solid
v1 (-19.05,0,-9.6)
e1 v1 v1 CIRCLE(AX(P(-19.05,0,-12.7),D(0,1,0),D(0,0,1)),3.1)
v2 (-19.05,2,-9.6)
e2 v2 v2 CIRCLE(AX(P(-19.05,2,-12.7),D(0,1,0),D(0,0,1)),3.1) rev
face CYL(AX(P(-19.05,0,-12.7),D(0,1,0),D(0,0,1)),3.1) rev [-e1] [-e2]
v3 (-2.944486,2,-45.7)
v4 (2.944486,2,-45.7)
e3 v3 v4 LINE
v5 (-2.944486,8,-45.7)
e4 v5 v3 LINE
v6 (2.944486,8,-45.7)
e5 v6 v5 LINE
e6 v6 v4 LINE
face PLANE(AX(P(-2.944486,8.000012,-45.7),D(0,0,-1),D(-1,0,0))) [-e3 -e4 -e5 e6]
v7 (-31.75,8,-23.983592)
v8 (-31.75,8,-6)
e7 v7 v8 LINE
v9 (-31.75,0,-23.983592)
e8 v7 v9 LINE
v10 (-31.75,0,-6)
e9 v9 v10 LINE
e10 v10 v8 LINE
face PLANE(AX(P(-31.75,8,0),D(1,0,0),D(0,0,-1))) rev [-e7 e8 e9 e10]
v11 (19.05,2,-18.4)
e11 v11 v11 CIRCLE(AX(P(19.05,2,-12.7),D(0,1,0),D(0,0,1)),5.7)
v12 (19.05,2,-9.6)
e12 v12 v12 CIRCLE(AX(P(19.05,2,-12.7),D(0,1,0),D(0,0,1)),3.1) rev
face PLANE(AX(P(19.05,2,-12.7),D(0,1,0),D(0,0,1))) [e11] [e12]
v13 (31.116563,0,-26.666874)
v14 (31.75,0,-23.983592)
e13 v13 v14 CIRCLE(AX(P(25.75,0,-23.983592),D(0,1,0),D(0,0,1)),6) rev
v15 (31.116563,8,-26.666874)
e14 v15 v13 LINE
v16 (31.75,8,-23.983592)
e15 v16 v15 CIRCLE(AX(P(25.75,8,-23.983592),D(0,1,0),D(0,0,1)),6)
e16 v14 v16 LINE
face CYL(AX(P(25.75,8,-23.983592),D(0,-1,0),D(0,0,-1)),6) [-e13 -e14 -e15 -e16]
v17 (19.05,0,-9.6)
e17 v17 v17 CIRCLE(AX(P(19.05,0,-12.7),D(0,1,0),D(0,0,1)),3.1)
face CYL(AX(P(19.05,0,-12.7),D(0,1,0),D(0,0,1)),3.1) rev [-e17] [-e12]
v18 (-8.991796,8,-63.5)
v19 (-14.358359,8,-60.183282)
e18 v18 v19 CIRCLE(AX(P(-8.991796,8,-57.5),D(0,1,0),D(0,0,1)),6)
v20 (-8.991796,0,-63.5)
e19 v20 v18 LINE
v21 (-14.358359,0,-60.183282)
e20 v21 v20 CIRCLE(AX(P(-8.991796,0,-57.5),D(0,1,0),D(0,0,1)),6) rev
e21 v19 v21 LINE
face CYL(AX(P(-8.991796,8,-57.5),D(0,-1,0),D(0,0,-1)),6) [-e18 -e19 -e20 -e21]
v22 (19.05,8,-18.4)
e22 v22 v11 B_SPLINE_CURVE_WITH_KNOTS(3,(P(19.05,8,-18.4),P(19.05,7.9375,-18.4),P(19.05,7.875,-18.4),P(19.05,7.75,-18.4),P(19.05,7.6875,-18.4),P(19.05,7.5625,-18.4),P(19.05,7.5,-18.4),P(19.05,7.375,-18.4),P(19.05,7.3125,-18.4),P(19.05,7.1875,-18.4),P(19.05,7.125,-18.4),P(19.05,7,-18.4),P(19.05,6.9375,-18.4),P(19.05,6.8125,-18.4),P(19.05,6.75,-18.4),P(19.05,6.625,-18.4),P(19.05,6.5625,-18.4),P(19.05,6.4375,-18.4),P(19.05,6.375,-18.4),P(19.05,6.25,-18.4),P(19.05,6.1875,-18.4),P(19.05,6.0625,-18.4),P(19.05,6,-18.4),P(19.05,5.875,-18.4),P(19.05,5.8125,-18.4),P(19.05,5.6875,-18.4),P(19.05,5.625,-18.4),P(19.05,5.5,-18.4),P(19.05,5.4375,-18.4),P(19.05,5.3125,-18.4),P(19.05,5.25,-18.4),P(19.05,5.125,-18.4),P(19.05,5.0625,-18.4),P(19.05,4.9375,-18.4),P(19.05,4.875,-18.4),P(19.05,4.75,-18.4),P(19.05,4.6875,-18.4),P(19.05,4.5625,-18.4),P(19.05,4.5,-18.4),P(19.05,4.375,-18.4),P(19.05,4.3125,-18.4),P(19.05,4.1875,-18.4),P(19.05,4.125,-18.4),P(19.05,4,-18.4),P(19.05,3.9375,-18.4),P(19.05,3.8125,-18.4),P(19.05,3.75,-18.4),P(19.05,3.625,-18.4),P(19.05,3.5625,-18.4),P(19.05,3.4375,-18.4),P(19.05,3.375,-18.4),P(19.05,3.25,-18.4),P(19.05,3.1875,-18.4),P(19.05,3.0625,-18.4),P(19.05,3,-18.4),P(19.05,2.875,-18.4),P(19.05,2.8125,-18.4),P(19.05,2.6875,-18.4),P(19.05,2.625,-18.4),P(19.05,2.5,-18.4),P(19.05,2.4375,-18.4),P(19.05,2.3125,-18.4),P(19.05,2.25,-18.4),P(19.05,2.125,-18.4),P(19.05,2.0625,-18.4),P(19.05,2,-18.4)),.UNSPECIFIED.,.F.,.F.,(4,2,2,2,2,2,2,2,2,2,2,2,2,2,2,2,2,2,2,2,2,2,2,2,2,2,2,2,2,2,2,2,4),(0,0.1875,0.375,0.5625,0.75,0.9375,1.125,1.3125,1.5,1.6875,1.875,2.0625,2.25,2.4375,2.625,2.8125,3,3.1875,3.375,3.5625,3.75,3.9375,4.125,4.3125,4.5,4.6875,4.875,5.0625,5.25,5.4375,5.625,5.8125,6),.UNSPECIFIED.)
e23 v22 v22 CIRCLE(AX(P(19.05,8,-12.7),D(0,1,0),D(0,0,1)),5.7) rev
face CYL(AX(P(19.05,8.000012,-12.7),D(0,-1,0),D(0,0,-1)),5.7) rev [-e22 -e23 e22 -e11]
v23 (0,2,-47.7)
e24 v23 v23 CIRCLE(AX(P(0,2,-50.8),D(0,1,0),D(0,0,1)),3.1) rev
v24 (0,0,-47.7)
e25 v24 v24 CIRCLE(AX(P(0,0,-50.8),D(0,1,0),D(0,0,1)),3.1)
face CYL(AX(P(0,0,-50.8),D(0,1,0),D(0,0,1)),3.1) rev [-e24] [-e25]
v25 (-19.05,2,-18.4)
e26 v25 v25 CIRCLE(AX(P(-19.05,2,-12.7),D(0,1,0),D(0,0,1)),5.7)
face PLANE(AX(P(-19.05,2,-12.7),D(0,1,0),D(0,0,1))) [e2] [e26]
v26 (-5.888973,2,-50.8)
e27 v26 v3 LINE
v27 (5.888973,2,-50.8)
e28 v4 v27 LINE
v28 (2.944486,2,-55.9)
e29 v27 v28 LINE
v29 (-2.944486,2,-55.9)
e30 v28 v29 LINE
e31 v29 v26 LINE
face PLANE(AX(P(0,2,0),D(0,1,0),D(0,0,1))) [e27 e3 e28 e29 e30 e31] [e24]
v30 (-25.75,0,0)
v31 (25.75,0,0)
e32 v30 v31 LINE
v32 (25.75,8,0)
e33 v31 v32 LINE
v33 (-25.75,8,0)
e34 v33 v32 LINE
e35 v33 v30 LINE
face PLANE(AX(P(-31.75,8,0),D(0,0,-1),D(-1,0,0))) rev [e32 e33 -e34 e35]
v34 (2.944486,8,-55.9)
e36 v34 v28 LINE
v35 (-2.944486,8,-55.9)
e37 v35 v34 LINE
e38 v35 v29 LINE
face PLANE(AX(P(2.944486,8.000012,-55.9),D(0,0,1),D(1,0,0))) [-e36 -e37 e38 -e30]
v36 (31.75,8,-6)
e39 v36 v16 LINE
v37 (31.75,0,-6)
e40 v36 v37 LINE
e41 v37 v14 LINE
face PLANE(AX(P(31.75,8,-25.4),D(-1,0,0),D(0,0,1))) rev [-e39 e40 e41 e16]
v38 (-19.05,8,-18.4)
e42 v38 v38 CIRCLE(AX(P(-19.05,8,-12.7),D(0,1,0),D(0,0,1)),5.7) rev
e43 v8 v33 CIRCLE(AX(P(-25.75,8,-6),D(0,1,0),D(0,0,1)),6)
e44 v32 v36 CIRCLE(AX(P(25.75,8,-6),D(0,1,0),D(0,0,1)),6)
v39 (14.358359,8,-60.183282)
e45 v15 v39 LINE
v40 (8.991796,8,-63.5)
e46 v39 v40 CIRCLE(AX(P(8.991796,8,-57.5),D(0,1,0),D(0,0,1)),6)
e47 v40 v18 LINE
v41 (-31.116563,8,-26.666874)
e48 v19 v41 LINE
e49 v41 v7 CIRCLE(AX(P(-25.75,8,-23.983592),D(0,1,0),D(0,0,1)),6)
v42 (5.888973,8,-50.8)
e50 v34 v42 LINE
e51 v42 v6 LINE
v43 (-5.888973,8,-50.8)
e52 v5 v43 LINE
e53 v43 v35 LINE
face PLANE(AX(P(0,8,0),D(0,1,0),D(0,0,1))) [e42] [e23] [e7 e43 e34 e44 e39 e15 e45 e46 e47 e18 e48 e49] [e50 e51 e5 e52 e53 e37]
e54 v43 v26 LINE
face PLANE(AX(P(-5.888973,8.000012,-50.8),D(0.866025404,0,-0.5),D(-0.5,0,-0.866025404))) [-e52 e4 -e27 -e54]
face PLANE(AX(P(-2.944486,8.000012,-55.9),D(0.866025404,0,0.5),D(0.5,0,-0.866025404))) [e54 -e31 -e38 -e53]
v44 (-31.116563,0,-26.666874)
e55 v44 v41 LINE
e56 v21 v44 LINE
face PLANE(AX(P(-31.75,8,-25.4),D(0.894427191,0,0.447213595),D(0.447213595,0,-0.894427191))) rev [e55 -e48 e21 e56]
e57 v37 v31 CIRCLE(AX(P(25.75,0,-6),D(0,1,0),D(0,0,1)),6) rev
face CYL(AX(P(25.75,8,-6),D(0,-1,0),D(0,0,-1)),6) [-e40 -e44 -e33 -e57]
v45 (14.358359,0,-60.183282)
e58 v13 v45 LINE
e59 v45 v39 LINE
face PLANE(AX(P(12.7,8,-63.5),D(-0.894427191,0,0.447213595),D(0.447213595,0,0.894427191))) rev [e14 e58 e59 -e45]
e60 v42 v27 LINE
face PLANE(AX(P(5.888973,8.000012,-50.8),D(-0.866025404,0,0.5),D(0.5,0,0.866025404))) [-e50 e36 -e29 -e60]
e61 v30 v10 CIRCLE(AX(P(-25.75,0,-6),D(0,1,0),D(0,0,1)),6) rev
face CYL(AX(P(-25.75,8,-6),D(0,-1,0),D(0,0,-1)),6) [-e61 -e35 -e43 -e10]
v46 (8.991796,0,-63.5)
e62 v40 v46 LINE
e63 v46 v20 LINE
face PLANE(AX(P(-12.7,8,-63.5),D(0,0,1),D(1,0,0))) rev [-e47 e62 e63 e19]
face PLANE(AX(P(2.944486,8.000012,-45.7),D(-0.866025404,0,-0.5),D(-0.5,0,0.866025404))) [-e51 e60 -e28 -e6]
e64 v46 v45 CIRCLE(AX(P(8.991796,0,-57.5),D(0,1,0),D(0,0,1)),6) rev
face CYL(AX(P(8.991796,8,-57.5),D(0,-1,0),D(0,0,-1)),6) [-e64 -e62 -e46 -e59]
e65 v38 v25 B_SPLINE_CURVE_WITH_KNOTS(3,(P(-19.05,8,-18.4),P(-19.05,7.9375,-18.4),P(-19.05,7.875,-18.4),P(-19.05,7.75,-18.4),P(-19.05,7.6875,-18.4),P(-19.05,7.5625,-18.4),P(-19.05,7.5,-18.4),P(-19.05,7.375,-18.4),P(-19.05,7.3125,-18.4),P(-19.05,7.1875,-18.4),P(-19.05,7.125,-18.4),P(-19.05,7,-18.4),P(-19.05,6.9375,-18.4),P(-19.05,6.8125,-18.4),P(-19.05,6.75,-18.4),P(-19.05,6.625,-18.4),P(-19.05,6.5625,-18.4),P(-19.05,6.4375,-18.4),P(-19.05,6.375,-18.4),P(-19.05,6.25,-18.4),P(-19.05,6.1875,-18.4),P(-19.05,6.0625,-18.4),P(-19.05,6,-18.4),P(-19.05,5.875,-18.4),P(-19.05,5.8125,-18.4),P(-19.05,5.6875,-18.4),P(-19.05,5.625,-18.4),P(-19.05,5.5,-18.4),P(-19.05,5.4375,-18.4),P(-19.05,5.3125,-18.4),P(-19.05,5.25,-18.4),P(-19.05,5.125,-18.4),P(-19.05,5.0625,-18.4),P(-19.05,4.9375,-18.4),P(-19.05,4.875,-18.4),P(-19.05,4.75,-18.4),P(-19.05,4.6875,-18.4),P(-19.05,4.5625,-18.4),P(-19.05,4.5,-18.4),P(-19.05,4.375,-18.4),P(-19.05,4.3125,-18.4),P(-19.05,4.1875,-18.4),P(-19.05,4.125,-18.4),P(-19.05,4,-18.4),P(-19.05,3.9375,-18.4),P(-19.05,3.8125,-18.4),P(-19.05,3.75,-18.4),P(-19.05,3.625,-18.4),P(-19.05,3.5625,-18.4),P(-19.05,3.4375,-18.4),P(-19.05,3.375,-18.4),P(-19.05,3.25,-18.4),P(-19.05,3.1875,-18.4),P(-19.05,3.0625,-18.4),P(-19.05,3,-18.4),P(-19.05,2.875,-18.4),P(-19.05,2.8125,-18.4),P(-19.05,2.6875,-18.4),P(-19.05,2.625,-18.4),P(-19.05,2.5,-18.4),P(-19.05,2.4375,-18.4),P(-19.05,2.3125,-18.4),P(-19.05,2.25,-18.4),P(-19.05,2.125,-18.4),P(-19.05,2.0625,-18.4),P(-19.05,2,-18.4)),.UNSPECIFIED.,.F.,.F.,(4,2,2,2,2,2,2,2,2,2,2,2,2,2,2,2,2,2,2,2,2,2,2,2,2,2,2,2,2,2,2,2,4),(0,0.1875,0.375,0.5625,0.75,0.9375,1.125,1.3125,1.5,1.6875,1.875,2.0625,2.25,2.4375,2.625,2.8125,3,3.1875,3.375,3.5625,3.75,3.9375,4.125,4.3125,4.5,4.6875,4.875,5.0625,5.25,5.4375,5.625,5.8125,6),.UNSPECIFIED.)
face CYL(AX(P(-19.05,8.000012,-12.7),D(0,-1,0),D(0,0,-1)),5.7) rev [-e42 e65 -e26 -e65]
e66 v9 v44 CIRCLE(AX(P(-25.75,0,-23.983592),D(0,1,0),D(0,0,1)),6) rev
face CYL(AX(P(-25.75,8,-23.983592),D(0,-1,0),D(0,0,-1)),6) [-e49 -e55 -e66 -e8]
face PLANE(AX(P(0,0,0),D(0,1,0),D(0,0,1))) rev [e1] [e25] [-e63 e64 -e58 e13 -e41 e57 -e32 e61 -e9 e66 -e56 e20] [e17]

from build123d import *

# Parameters (mm, degrees)
BOSS_EXTRUDE1_DEPTH     = 8
CUT_EXTRUDE1_DEPTH      = 72.444471445
CUT_EXTRUDE1_DEPTH_BACK = 72.444471445
SKETCH2_R               = 3.1
FILLET1_R               = 6
CUT_EXTRUDE2_DEPTH      = 72.444471445
CUT_EXTRUDE2_DEPTH_BACK = 6
SKETCH3_R               = 5.7


with BuildPart() as part:
    # Sketch1 → Boss-Extrude1 (new body)
    with BuildSketch(Plane(origin=(0, 0, 0), x_dir=(1, 0, 0), z_dir=(0, 1, 0))):
        Polygon((-31.75, 0), (31.75, 0), (31.75, 25.4), (12.7, 63.5), (-12.7, 63.5), (-31.75, 25.4), align=None)
    extrude(amount=BOSS_EXTRUDE1_DEPTH)

    # Sketch2 → Cut-Extrude1 (cut, two sides: drawn at the far end of the back side and taken through both)
    with BuildSketch(Plane(origin=(0, 8, 0), x_dir=(1, 0, 0), z_dir=(0, 1, 0)).offset(-CUT_EXTRUDE1_DEPTH_BACK)):
        with Locations(Location((0, 50.8, 0), (0, 0, 270))):
            Circle(SKETCH2_R)
        with Locations(Location((-19.05, 12.7, 0), (0, 0, 270))):
            Circle(SKETCH2_R)
        with Locations(Location((19.05, 12.7, 0), (0, 0, 270))):
            Circle(SKETCH2_R)
    extrude(amount=CUT_EXTRUDE1_DEPTH + CUT_EXTRUDE1_DEPTH_BACK, mode=Mode.SUBTRACT)

    # Fillet1
    fillet1_edges = [part.edges().sort_by_distance(p)[0] for p in [
        (31.75, 4, 0),
        (-31.75, 4, 0),
        (-31.75, 4, -25.4),
        (-12.7, 4, -63.5),
        (12.7, 4, -63.5),
        (31.75, 4, -25.4),
    ]]
    fillet(fillet1_edges, radius=FILLET1_R)

    # Sketch3 → Cut-Extrude2 (cut, two sides: drawn at the far end of the back side and taken through both)
    with BuildSketch(Plane(origin=(0, 8, 0), x_dir=(1, 0, 0), z_dir=(0, 1, 0)).offset(-CUT_EXTRUDE2_DEPTH_BACK)):
        with Locations(Location((-19.05, 12.7, 0), (0, 0, 90))):
            Circle(SKETCH3_R)
        with Locations(Location((19.05, 12.7, 0), (0, 0, 90))):
            Circle(SKETCH3_R)
        Polygon((5.888972746, 50.8), (2.944486373, 55.9), (-2.944486373, 55.9), (-5.888972746, 50.8), (-2.944486373, 45.7), (2.944486373, 45.7), align=None)
    extrude(amount=CUT_EXTRUDE2_DEPTH + CUT_EXTRUDE2_DEPTH_BACK, mode=Mode.SUBTRACT)


solid = part.part
